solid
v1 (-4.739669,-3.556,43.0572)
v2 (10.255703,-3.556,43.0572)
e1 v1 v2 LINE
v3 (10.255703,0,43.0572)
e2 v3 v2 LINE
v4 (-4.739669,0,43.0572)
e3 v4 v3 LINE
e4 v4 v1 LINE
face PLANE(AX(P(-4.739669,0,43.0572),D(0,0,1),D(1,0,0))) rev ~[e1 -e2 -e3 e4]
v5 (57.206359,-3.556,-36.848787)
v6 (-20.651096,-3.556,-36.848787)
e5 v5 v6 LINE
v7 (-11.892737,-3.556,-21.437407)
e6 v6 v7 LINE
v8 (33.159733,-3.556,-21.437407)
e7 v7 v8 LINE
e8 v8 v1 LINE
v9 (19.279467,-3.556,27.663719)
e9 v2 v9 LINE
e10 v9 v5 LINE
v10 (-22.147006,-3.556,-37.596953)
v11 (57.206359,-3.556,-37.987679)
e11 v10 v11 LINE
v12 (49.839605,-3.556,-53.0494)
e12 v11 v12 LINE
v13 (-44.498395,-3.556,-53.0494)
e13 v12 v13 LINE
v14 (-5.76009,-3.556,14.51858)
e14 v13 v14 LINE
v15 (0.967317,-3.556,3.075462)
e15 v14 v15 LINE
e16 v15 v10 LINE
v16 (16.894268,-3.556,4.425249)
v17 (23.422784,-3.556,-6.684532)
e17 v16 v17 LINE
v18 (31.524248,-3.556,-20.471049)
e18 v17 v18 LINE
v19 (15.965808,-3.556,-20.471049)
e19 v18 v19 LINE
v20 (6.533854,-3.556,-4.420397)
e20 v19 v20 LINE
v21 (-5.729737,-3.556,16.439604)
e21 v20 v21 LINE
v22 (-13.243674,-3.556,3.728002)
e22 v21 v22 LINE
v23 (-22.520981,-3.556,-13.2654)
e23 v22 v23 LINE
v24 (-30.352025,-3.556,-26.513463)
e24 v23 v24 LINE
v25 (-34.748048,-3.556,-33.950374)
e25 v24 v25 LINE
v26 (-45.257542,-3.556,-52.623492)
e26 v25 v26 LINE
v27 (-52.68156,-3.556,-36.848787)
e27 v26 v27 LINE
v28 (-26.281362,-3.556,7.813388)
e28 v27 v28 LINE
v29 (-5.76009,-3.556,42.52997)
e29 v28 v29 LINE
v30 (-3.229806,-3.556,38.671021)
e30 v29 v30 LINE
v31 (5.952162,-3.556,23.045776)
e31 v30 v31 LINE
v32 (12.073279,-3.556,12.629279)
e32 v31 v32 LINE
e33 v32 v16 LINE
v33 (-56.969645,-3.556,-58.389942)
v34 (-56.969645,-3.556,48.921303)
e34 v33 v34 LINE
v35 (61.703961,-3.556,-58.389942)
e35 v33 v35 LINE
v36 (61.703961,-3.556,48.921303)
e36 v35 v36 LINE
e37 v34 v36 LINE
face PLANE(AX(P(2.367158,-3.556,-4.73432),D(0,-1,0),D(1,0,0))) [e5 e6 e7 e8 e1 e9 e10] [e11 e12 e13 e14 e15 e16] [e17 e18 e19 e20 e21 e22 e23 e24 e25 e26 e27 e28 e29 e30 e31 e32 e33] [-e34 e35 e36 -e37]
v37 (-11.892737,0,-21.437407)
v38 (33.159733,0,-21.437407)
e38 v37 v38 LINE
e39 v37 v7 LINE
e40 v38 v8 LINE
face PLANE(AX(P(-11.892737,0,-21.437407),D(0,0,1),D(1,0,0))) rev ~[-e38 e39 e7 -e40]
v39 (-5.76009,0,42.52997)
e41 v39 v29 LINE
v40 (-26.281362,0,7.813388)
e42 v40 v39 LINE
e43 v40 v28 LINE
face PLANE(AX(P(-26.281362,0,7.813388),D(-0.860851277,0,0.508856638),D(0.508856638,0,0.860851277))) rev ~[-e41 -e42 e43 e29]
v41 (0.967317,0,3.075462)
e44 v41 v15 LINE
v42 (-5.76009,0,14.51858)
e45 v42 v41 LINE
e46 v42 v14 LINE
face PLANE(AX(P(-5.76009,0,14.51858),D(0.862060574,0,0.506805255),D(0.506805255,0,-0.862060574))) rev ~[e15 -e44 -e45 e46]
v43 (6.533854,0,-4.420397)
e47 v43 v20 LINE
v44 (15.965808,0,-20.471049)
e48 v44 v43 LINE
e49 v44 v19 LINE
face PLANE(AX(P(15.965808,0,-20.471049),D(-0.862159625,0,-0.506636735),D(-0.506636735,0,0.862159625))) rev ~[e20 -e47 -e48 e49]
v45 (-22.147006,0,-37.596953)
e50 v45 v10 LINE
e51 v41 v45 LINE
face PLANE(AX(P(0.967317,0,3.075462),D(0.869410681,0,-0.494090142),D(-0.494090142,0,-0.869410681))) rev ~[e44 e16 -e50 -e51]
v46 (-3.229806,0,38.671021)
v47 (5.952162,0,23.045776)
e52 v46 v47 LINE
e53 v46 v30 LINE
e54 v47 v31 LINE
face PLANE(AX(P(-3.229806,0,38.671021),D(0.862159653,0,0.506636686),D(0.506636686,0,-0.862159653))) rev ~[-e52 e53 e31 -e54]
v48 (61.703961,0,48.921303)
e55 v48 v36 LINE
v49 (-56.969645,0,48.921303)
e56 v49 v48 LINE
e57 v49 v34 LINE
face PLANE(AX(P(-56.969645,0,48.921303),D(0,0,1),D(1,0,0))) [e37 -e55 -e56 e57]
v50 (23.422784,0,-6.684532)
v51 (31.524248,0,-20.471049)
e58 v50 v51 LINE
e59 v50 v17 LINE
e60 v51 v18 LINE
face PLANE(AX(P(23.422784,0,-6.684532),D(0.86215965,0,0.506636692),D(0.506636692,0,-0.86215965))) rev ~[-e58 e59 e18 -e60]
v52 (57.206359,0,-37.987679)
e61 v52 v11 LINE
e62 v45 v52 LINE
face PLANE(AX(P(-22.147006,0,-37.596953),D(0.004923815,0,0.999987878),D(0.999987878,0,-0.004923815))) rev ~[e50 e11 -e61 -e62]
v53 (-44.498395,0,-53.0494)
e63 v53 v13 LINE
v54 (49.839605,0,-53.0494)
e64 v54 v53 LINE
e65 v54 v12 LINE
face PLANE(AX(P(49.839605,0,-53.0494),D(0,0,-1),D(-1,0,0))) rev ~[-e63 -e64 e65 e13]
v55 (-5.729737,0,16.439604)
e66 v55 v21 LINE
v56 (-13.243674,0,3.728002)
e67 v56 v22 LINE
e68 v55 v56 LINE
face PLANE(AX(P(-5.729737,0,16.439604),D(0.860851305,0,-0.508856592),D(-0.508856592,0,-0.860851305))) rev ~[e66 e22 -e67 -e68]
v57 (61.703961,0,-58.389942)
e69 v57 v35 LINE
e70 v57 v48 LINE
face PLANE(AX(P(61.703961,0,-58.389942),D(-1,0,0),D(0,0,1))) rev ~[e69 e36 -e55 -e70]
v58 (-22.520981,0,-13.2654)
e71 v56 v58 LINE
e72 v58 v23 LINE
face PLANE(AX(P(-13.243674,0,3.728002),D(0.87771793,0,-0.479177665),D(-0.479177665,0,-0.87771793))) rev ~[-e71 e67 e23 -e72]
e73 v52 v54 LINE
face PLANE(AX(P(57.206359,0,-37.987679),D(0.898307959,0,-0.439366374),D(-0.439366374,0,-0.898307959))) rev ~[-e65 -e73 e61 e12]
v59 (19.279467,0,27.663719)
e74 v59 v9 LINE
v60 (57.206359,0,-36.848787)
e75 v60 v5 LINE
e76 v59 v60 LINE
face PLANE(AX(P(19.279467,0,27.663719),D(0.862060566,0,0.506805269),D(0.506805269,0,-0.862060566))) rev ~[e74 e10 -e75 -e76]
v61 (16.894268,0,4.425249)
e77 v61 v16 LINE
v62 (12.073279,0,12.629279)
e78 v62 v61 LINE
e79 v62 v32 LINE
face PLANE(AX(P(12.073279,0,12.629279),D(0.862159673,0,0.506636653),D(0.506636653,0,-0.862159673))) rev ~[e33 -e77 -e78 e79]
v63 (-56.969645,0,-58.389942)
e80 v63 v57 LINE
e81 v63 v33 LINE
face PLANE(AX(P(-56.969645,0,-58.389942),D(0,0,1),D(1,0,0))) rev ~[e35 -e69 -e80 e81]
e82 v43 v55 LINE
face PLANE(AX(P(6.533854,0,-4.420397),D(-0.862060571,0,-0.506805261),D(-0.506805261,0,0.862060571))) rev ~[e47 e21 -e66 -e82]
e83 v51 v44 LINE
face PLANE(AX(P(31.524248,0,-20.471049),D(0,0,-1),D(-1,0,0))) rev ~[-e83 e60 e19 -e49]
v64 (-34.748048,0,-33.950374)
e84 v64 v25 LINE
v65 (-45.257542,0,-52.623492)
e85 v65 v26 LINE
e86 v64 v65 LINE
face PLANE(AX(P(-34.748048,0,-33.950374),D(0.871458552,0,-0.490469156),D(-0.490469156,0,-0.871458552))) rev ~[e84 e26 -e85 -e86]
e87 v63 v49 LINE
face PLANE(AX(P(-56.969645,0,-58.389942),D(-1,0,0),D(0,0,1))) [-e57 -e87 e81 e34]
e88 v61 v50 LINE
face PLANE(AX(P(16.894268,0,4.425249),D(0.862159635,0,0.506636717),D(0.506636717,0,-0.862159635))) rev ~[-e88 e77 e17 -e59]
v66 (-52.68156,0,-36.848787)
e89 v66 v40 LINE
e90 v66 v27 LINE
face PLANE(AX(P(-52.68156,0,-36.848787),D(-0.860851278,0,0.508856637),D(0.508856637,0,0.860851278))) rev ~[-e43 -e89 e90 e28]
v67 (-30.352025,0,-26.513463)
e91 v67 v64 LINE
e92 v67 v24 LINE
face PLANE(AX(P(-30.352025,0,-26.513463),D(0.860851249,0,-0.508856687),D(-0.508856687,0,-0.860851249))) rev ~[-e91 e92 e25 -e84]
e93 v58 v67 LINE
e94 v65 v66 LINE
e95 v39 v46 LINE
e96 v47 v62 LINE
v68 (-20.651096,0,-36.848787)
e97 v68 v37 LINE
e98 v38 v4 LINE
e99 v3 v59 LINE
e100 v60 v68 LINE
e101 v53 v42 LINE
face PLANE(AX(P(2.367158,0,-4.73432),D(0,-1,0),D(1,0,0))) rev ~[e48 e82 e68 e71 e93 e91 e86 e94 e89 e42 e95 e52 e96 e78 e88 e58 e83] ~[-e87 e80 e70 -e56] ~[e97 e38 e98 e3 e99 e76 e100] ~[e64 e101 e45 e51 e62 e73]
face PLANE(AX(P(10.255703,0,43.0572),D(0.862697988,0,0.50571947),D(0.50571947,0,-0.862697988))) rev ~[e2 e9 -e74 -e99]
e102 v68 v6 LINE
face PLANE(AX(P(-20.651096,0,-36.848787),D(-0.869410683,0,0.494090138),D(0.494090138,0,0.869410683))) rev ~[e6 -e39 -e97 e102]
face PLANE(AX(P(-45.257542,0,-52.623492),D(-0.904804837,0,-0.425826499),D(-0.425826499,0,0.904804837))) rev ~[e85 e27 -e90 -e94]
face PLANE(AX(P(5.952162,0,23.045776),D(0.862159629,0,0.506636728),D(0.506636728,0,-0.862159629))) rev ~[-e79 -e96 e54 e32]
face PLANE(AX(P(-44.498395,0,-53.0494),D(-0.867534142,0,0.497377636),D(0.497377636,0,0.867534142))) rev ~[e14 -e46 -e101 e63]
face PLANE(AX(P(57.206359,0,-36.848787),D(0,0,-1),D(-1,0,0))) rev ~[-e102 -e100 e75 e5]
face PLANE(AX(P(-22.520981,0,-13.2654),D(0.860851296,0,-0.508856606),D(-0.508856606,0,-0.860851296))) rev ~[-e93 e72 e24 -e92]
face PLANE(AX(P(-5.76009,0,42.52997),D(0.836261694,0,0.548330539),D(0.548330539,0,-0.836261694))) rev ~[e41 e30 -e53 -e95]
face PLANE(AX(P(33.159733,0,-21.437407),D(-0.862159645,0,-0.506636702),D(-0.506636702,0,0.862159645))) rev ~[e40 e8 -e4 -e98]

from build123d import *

# Parameters (mm, degrees)
F0_W     = 118.673607
F0_H     = 107.311245
F1_DEPTH = 3.556


with BuildPart() as f1:
    # F0 (on Front) → F1 (new body)
    with BuildSketch(Plane.XZ):
        with Locations((2.367158, -4.73432)):
            Rectangle(F0_W, F0_H)
        Polygon((-26.281362, 7.813388), (-5.76009, 42.52997), (-3.229806, 38.671021), (5.952162, 23.045776), (12.073279, 12.629279), (16.894268, 4.425249), (23.422784, -6.684532), (31.524248, -20.471049), (15.965808, -20.471049), (6.533854, -4.420397), (-5.729737, 16.439604), (-13.243674, 3.728002), (-22.520981, -13.2654), (-30.352025, -26.513463), (-34.748048, -33.950374), (-45.257542, -52.623492), (-52.68156, -36.848787), align=None, mode=Mode.SUBTRACT)
        Polygon((-22.147006, -37.596953), (57.206359, -37.987679), (49.839605, -53.0494), (-44.498395, -53.0494), (-5.76009, 14.51858), (0.967317, 3.075462), align=None, mode=Mode.SUBTRACT)
        Polygon((33.159733, -21.437407), (-4.739669, 43.0572), (10.255703, 43.0572), (19.279467, 27.663719), (57.206359, -36.848787), (22.976579, -36.848787), (-20.651096, -36.848787), (-11.892737, -21.437407), align=None, mode=Mode.SUBTRACT)
    extrude(amount=F1_DEPTH)


solid = f1.part
